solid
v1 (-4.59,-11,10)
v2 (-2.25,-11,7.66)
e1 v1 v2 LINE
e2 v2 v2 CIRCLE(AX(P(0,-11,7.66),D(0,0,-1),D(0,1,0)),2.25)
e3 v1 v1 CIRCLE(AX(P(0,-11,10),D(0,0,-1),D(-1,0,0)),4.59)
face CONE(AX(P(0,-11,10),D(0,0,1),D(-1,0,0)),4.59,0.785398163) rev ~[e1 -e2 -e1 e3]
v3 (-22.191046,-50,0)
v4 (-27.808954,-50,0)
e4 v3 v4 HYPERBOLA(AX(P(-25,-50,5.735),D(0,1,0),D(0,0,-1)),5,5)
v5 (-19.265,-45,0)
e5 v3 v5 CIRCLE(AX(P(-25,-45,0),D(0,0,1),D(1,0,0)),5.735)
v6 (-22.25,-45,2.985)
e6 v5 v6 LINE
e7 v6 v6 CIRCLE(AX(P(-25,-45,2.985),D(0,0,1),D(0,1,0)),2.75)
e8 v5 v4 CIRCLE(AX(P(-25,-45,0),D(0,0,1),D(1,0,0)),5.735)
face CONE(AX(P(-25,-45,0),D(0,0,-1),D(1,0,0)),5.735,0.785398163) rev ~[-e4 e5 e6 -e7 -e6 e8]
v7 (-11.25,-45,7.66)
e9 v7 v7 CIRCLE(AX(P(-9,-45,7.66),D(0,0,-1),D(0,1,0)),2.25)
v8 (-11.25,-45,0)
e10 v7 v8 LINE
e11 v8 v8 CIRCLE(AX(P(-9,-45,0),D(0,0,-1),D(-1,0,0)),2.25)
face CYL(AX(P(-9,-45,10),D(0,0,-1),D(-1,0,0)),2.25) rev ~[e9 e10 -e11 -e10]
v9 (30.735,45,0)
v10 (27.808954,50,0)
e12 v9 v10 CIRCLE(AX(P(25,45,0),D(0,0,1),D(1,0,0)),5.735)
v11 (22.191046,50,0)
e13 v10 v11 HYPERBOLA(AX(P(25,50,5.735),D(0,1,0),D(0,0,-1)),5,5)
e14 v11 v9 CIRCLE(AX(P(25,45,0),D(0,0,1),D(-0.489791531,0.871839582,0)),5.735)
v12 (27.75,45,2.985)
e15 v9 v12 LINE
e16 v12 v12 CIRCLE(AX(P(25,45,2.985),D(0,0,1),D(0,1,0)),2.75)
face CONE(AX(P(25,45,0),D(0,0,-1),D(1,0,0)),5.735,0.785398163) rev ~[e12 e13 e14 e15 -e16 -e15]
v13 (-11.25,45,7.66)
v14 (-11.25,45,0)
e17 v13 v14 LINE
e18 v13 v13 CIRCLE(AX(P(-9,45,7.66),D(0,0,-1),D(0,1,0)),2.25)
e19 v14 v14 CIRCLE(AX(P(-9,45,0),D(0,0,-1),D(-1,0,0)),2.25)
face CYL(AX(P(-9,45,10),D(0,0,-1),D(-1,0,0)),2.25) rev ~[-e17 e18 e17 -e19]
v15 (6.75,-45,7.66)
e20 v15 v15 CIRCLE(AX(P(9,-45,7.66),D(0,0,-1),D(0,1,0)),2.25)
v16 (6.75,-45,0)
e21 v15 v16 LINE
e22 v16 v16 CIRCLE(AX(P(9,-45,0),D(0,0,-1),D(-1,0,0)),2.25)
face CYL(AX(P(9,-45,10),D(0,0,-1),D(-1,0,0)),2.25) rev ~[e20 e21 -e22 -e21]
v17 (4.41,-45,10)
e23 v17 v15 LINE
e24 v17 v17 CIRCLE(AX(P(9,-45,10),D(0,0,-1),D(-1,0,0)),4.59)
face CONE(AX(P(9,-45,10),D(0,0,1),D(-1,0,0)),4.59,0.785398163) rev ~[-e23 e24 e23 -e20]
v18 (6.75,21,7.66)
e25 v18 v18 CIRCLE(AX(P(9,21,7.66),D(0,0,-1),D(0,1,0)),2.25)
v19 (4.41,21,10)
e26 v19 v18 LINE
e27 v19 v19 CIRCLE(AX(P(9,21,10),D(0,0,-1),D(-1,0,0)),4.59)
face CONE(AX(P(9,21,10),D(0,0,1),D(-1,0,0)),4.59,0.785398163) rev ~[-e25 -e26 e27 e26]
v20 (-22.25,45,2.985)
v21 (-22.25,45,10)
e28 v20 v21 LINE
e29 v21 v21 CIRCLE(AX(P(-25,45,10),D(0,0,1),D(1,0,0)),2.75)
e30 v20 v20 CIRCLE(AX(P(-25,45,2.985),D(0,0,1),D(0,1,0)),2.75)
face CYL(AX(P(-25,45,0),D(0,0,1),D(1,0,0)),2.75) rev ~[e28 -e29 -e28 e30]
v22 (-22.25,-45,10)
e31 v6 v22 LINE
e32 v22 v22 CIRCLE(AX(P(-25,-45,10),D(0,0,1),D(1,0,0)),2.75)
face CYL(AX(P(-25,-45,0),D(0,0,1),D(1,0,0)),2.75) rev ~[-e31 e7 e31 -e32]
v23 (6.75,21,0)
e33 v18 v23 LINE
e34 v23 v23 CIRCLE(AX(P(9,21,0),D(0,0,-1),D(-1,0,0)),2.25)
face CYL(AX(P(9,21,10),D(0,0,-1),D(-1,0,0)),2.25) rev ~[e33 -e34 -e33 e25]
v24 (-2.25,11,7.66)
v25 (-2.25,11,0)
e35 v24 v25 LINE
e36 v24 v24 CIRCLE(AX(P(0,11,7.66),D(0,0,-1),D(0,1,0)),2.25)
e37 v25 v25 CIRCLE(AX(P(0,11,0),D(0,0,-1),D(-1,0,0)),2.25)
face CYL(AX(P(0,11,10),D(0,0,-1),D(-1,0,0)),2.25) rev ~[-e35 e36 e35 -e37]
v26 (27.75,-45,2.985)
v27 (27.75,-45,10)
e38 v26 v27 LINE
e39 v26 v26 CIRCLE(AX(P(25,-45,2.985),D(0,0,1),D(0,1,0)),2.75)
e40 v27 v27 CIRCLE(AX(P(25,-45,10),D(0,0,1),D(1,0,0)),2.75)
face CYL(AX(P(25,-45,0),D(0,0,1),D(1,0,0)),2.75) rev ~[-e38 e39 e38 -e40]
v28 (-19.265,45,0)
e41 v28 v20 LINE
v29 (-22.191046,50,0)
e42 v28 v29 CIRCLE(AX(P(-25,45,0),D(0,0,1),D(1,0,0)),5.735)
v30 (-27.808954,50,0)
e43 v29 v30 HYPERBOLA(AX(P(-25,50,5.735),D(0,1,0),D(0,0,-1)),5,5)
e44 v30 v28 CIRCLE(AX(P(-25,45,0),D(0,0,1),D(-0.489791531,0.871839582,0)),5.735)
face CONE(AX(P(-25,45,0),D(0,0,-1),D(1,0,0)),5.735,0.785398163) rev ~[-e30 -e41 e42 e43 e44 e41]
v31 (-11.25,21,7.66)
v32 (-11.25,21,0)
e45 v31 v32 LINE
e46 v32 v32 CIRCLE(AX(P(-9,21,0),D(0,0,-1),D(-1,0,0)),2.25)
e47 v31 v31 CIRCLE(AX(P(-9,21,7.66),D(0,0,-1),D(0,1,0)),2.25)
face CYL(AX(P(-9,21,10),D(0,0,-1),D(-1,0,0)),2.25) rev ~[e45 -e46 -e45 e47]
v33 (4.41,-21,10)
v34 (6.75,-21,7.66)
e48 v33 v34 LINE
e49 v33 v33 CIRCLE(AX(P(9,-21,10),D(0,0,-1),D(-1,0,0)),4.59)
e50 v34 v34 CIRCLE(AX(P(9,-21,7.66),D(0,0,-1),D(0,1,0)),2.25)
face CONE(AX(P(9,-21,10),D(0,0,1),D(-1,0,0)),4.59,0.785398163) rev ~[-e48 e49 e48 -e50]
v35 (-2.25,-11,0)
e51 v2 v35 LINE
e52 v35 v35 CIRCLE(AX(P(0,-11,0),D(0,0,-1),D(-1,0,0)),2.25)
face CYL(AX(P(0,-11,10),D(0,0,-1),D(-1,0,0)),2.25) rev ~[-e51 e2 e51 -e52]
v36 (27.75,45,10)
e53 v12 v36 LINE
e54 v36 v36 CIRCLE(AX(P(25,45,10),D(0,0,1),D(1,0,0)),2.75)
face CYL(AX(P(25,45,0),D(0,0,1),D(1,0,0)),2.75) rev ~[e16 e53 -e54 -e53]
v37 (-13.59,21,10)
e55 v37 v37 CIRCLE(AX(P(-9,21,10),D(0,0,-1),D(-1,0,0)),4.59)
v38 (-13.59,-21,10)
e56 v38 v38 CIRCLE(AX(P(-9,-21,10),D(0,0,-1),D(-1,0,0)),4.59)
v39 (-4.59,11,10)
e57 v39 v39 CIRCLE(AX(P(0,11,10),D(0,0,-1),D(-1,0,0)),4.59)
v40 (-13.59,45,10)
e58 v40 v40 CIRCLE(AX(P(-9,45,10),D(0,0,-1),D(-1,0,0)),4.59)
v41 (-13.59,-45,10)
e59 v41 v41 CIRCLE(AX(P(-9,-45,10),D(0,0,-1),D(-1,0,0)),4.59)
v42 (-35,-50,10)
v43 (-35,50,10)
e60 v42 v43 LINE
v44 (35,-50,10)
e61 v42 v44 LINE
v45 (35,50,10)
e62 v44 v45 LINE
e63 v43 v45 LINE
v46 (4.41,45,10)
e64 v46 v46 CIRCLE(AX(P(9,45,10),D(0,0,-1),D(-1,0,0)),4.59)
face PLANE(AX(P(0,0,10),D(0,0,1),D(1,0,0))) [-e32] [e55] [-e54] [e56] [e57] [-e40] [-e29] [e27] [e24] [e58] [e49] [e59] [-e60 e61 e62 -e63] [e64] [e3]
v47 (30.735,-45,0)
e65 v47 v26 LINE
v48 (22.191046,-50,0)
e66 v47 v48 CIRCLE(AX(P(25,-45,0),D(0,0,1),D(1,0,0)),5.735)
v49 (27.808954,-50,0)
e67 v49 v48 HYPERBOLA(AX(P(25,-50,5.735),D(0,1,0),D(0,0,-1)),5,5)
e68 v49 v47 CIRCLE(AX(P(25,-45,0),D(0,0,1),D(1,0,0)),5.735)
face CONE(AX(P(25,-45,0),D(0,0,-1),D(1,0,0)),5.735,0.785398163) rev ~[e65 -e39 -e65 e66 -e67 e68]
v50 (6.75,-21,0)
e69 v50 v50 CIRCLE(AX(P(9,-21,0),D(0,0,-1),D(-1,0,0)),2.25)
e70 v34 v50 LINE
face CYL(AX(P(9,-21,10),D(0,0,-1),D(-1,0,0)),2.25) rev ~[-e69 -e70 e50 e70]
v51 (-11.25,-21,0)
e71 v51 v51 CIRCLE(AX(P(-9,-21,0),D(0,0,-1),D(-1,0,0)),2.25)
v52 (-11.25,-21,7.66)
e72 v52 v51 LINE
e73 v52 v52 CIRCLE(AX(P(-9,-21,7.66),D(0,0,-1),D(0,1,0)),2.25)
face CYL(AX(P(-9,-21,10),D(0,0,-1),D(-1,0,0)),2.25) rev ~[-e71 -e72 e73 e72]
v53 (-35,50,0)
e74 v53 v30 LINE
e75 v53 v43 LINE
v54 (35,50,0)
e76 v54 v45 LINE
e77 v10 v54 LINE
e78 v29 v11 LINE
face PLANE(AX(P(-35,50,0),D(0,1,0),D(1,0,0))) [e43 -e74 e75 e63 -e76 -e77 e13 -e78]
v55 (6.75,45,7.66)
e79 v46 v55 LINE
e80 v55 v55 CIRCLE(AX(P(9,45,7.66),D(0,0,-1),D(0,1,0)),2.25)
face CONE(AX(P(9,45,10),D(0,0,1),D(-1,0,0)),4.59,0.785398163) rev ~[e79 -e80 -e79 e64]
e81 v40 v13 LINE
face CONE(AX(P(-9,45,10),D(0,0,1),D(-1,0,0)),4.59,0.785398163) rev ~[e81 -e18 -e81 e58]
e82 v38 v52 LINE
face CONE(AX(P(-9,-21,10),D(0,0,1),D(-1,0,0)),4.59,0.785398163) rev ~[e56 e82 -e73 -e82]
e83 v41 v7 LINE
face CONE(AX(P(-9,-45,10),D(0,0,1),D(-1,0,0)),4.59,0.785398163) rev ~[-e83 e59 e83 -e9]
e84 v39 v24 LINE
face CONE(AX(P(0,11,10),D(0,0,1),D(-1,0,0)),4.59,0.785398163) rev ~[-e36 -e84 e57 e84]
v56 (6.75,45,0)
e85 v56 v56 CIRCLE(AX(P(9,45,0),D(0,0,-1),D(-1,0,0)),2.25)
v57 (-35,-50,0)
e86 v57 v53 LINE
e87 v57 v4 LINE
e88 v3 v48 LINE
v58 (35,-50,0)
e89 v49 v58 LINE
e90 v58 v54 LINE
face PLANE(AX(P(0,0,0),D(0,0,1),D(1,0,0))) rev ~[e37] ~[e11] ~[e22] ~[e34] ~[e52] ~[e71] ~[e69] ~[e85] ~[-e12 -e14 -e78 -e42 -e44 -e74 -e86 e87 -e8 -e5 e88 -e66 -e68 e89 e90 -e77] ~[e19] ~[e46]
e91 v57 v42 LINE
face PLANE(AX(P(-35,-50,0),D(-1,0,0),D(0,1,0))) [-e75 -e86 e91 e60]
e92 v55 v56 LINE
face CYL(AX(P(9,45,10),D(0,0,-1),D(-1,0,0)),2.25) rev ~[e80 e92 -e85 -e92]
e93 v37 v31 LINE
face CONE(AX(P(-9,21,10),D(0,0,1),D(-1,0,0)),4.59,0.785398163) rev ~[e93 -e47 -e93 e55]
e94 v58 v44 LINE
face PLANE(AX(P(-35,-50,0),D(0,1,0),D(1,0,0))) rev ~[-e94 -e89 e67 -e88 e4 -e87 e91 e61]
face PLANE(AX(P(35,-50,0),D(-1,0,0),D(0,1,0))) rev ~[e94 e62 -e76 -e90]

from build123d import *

# Parameters (mm, degrees)
SKETCH1_W                                            = 70
SKETCH1_H                                            = 100
BOSS_EXTRUDE1_DEPTH                                  = 10
SKETCH2_R                                            = 2.5
CUT_EXTRUDE1_DEPTH                                   = 11
SKETCH3_R                                            = 1.5
CUT_EXTRUDE2_DEPTH                                   = 11
SKETCH5_R                                            = 2
CUT_EXTRUDE4_DEPTH                                   = 11
CSK_FOR_M4_SOCKET_COUNTERSUNK_HEAD_SCREW_D           = 4.5
CSK_FOR_M4_SOCKET_COUNTERSUNK_HEAD_SCREW_CSINK_D     = 9.18
CSK_FOR_M4_SOCKET_COUNTERSUNK_HEAD_SCREW_CSINK_ANGLE = 90
CSK_FOR_M5_SOCKET_COUNTERSUNK_HEAD_SCREW_D           = 5.5
CSK_FOR_M5_SOCKET_COUNTERSUNK_HEAD_SCREW_CSINK_D     = 11.47
CSK_FOR_M5_SOCKET_COUNTERSUNK_HEAD_SCREW_CSINK_ANGLE = 90


with BuildPart() as part:
    # Sketch1 → Boss-Extrude1 (new body)
    with BuildSketch(Plane.XY):
        Rectangle(SKETCH1_W, SKETCH1_H)
    extrude(amount=BOSS_EXTRUDE1_DEPTH)

    # Sketch2 → Cut-Extrude1 (cut, through all)
    with BuildSketch(Plane(origin=(0, 0, 0), x_dir=(-1, 0, 0), z_dir=(0, 0, -1))):
        with Locations((-25, 45)):
            Circle(SKETCH2_R)
        with Locations((25, 45)):
            Circle(SKETCH2_R)
        with Locations((-25, -45)):
            Circle(SKETCH2_R)
        with Locations((25, -45)):
            Circle(SKETCH2_R)
    extrude(amount=-CUT_EXTRUDE1_DEPTH, mode=Mode.SUBTRACT)

    # Sketch3 → Cut-Extrude2 (cut, through all)
    with BuildSketch(Plane(origin=(0, 0, 0), x_dir=(-1, 0, 0), z_dir=(0, 0, -1))):
        with Locations((9, 21)):
            Circle(SKETCH3_R)
        with Locations((9, 45)):
            Circle(SKETCH3_R)
        with Locations((-9, 21)):
            Circle(SKETCH3_R)
        with Locations((-9, 45)):
            Circle(SKETCH3_R)
        with Locations((9, -45)):
            Circle(SKETCH3_R)
        with Locations((9, -21)):
            Circle(SKETCH3_R)
        with Locations((-9, -45)):
            Circle(SKETCH3_R)
        with Locations((-9, -21)):
            Circle(SKETCH3_R)
    extrude(amount=-CUT_EXTRUDE2_DEPTH, mode=Mode.SUBTRACT)

    # Sketch5 → Cut-Extrude4 (cut, through all)
    with BuildSketch(Plane.XY.offset(10)):
        with Locations((0, -11)):
            Circle(SKETCH5_R)
        with Locations((0, 11)):
            Circle(SKETCH5_R)
    extrude(amount=-CUT_EXTRUDE4_DEPTH, mode=Mode.SUBTRACT)

    # CSK for M4 socket countersunk head screw1 (through all)
    with Locations(Plane.XY.offset(10)):
        with Locations((-9, 45), (9, 45), (9, 21), (-9, 21), (0, 11), (0, -11), (9, -21), (-9, -21), (-9, -45), (9, -45)):
            CounterSinkHole(CSK_FOR_M4_SOCKET_COUNTERSUNK_HEAD_SCREW_D / 2, CSK_FOR_M4_SOCKET_COUNTERSUNK_HEAD_SCREW_CSINK_D / 2, counter_sink_angle=CSK_FOR_M4_SOCKET_COUNTERSUNK_HEAD_SCREW_CSINK_ANGLE)

    # CSK for M5 socket countersunk head screw2 (through all)
    with Locations(Plane(origin=(0, 0, 0), x_dir=(-1, 0, 0), z_dir=(0, 0, -1))):
        with Locations((-25, 45), (25, 45), (25, -45), (-25, -45)):
            CounterSinkHole(CSK_FOR_M5_SOCKET_COUNTERSUNK_HEAD_SCREW_D / 2, CSK_FOR_M5_SOCKET_COUNTERSUNK_HEAD_SCREW_CSINK_D / 2, counter_sink_angle=CSK_FOR_M5_SOCKET_COUNTERSUNK_HEAD_SCREW_CSINK_ANGLE)


solid = part.part
